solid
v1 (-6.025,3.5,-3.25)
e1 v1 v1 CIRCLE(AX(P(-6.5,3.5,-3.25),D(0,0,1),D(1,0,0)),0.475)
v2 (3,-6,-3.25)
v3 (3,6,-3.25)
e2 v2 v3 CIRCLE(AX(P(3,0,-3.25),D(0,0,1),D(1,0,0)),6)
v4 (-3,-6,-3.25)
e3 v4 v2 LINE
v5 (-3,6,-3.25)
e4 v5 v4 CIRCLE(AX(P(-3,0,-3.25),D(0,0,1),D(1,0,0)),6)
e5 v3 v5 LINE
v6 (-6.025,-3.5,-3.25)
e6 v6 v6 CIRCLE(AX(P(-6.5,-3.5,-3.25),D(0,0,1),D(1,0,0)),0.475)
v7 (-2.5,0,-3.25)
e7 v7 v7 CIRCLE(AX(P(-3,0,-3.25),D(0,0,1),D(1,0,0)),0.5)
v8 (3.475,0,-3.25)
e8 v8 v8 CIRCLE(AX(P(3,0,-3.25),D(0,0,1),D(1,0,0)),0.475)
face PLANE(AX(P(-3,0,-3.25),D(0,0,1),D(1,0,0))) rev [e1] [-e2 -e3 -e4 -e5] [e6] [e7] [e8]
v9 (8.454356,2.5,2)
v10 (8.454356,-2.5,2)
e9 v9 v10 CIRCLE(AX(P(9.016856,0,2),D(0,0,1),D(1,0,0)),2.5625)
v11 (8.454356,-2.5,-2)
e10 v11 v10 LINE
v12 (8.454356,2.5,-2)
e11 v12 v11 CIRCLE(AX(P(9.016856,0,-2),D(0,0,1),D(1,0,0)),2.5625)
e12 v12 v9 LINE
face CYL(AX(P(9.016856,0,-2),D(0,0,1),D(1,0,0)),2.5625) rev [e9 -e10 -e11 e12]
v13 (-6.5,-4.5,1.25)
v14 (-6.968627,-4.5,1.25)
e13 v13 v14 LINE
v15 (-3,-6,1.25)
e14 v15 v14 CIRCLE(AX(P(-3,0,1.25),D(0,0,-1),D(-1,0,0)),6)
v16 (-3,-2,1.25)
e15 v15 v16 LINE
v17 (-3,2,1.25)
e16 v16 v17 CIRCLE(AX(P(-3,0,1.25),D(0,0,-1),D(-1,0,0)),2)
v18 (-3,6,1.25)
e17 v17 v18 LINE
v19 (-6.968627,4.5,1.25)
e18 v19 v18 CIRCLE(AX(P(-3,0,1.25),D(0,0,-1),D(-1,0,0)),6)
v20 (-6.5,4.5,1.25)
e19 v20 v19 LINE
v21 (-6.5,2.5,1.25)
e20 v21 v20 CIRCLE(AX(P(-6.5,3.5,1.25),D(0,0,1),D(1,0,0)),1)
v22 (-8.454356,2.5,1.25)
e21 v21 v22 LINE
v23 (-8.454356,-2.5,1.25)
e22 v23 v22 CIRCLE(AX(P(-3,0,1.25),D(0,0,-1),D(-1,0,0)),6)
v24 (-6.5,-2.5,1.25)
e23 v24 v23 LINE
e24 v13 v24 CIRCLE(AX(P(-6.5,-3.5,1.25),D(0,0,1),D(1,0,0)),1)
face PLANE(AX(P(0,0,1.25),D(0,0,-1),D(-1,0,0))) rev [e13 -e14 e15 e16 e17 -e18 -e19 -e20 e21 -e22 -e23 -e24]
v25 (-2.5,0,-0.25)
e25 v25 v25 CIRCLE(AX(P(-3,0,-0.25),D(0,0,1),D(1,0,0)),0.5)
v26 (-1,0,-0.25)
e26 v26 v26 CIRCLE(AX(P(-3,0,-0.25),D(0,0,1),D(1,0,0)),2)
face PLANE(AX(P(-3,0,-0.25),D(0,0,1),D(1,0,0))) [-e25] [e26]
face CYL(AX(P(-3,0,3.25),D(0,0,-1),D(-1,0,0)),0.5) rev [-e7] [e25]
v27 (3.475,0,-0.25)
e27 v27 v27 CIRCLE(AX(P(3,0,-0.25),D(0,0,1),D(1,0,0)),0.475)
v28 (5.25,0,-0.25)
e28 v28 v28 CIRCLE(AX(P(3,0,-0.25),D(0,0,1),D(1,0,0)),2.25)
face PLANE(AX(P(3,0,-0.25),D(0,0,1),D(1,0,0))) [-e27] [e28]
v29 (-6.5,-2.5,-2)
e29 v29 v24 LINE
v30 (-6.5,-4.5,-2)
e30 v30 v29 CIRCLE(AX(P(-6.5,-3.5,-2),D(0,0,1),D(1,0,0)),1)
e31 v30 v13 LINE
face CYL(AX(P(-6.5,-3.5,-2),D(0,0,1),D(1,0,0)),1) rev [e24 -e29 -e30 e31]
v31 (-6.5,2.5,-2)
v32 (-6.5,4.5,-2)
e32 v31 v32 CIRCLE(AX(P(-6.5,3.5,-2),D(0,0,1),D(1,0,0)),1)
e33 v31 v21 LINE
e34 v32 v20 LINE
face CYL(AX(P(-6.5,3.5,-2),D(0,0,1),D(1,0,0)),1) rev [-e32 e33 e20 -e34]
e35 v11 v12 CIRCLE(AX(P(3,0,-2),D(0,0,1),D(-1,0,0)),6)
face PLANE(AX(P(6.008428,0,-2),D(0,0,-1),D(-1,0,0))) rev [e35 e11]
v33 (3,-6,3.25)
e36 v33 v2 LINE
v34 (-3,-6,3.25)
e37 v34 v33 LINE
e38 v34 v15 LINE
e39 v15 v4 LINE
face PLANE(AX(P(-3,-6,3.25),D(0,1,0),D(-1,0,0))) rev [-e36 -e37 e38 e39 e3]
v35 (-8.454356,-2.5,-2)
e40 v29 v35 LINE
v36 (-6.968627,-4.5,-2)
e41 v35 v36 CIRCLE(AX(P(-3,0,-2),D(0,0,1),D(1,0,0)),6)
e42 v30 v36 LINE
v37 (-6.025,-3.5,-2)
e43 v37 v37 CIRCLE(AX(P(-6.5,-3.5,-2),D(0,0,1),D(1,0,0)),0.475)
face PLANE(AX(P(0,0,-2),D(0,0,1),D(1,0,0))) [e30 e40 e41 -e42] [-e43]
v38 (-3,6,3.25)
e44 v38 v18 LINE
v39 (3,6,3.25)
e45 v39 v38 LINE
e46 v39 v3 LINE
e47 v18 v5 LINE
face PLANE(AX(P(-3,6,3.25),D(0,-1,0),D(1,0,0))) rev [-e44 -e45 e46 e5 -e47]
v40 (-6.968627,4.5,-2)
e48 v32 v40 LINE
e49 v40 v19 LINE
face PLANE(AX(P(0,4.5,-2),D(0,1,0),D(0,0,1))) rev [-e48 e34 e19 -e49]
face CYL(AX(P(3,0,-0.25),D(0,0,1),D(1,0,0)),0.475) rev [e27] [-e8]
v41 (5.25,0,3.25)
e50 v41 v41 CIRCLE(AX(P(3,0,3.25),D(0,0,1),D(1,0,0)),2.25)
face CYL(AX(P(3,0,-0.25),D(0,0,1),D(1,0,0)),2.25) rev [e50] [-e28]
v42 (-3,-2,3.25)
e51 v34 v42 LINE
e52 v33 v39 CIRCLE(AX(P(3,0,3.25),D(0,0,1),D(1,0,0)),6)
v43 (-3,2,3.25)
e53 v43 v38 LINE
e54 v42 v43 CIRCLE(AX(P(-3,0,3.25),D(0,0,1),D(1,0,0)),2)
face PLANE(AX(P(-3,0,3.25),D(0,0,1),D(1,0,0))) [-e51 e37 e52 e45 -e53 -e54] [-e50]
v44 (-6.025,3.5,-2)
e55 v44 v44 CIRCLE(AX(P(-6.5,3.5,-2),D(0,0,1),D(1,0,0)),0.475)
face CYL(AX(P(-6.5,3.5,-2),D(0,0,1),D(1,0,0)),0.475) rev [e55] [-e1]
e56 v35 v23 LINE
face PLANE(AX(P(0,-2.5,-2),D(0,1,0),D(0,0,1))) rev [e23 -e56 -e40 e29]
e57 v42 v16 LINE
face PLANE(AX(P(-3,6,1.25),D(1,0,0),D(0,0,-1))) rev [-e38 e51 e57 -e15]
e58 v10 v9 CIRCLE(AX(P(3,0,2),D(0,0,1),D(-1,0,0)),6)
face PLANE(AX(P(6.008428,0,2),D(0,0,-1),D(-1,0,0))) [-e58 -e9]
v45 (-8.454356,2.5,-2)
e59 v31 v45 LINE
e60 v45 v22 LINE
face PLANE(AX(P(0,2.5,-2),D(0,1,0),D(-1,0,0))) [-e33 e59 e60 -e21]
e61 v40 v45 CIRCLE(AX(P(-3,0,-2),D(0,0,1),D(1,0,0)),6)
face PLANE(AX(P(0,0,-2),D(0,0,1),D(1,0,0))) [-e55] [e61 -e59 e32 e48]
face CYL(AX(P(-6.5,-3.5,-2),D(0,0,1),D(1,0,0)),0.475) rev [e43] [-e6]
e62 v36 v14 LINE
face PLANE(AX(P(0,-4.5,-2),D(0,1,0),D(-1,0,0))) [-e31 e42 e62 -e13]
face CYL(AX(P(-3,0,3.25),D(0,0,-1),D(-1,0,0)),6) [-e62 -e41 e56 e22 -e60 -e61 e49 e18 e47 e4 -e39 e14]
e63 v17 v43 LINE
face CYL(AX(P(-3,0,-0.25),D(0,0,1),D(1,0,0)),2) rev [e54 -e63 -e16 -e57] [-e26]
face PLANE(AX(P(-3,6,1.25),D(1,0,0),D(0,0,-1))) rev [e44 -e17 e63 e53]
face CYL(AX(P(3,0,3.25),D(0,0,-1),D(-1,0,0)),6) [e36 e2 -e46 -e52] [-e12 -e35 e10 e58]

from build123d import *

# Parameters (mm, degrees)
SKETCH1_R                              = 0.5
BOSS_EXTRUDE1_DEPTH                    = 3.25
CUT_EXTRUDE1_DEPTH                     = 2
SKETCH3_W                              = 9.709711208
SKETCH3_H                              = 13.055758796
CUT_EXTRUDE2_DEPTH                     = 2
CUT_EXTRUDE3_DEPTH                     = 3.5
SKETCH5_R                              = 2.25
CUT_EXTRUDE4_DEPTH                     = 3.5
CUT_EXTRUDE5_DEPTH                     = 3.25
M1_2X0_25_TAPPED_HOLE1_D               = 0.95
M1_2X0_25_TAPPED_HOLE1_DEPTH           = 13.65
M1_2X0_25_TAPPED_HOLE1_TIP             = 0.285408794
M1_2X0_25_TAPPED_HOLE1_ON_FACE_2_D     = 0.95
M1_2X0_25_TAPPED_HOLE1_ON_FACE_2_DEPTH = 13.65
M1_2X0_25_TAPPED_HOLE1_ON_FACE_2_TIP   = 0.285408794


with BuildPart() as part:
    # Sketch1 → Boss-Extrude1 (new, symmetric)
    with BuildSketch(Plane.XY):
        with BuildLine():
            Line((-3, 6), (3, 6))
            ThreePointArc((3, 6), (9, 0), (3, -6))
            Line((3, -6), (-3, -6))
            ThreePointArc((-3, -6), (-9, 0), (-3, 6))
        make_face()
        with Locations((-3, 0)):
            Circle(SKETCH1_R, mode=Mode.SUBTRACT)
    extrude(amount=BOSS_EXTRUDE1_DEPTH, both=True)

    # Sketch2 → Cut-Extrude1 (cut, symmetric)
    with BuildSketch(Plane.XY):
        with BuildLine():
            ThreePointArc((8.454356057, 2.5), (6.454356057, 0), (8.454356057, -2.5))
            ThreePointArc((8.454356057, -2.5), (9, 0), (8.454356057, 2.5))
        make_face()
    extrude(amount=CUT_EXTRUDE1_DEPTH, both=True, mode=Mode.SUBTRACT)

    # Sketch3 → Cut-Extrude2 (cut)
    with BuildSketch(Plane.XY.offset(3.25)):
        with Locations((-7.854855604, -0.527879398)):
            Rectangle(SKETCH3_W, SKETCH3_H)
    extrude(amount=-CUT_EXTRUDE2_DEPTH, mode=Mode.SUBTRACT)

    # Sketch4 → Cut-Extrude3 (cut)
    with BuildSketch(Plane.XY.offset(3.25)):
        with BuildLine():
            ThreePointArc((-3, 2), (-5, 0), (-3, -2))
            ThreePointArc((-3, -2), (-1, 0), (-3, 2))
        make_face()
    extrude(amount=-CUT_EXTRUDE3_DEPTH, mode=Mode.SUBTRACT)

    # Sketch5 → Cut-Extrude4 (cut)
    with BuildSketch(Plane.XY.offset(3.25)):
        with Locations((3, 0)):
            Circle(SKETCH5_R)
    extrude(amount=-CUT_EXTRUDE4_DEPTH, mode=Mode.SUBTRACT)

    # Sketch6 → Cut-Extrude5 (cut)
    with BuildSketch(Plane.XY.offset(1.25)):
        with BuildLine():
            ThreePointArc((-6.5, -4.5), (-5.5, -3.5), (-6.5, -2.5))
            Line((-6.5, -2.5), (-8.454356057, -2.5))
            ThreePointArc((-8.454356057, -2.5), (-7.81644602, -3.577966983), (-6.968626967, -4.5))
            Line((-6.968626967, -4.5), (-6.5, -4.5))
        make_face()
        with BuildLine():
            ThreePointArc((-6.5, 2.5), (-5.5, 3.5), (-6.5, 4.5))
            Line((-6.5, 4.5), (-6.968626967, 4.5))
            ThreePointArc((-6.968626967, 4.5), (-7.81644602, 3.577966983), (-8.454356057, 2.5))
            Line((-8.454356057, 2.5), (-6.5, 2.5))
        make_face()
    extrude(amount=-CUT_EXTRUDE5_DEPTH, mode=Mode.SUBTRACT)

    # M1.2x0.25 Tapped Hole1
    with Locations(Plane(origin=(3, 0, -0.25), x_dir=(1, 0, 0), z_dir=(0, 0, 1))):
        with Locations((0, 0)):
            Hole(M1_2X0_25_TAPPED_HOLE1_D / 2, depth=M1_2X0_25_TAPPED_HOLE1_DEPTH)
            with Locations((0, 0, -(M1_2X0_25_TAPPED_HOLE1_DEPTH + M1_2X0_25_TAPPED_HOLE1_TIP / 2))):  # 118° drill point
                Cone(0, M1_2X0_25_TAPPED_HOLE1_D / 2, M1_2X0_25_TAPPED_HOLE1_TIP, mode=Mode.SUBTRACT)

    # M1.2x0.25 Tapped Hole1 on face 2
    with Locations(Plane(origin=(-6.5, 3.5, -2), x_dir=(1, 0, 0), z_dir=(0, 0, 1))):
        with Locations((0, 0), (0, -7)):
            Hole(M1_2X0_25_TAPPED_HOLE1_ON_FACE_2_D / 2, depth=M1_2X0_25_TAPPED_HOLE1_ON_FACE_2_DEPTH)
            with Locations((0, 0, -(M1_2X0_25_TAPPED_HOLE1_ON_FACE_2_DEPTH + M1_2X0_25_TAPPED_HOLE1_ON_FACE_2_TIP / 2))):  # 118° drill point
                Cone(0, M1_2X0_25_TAPPED_HOLE1_ON_FACE_2_D / 2, M1_2X0_25_TAPPED_HOLE1_ON_FACE_2_TIP, mode=Mode.SUBTRACT)


solid = part.part
